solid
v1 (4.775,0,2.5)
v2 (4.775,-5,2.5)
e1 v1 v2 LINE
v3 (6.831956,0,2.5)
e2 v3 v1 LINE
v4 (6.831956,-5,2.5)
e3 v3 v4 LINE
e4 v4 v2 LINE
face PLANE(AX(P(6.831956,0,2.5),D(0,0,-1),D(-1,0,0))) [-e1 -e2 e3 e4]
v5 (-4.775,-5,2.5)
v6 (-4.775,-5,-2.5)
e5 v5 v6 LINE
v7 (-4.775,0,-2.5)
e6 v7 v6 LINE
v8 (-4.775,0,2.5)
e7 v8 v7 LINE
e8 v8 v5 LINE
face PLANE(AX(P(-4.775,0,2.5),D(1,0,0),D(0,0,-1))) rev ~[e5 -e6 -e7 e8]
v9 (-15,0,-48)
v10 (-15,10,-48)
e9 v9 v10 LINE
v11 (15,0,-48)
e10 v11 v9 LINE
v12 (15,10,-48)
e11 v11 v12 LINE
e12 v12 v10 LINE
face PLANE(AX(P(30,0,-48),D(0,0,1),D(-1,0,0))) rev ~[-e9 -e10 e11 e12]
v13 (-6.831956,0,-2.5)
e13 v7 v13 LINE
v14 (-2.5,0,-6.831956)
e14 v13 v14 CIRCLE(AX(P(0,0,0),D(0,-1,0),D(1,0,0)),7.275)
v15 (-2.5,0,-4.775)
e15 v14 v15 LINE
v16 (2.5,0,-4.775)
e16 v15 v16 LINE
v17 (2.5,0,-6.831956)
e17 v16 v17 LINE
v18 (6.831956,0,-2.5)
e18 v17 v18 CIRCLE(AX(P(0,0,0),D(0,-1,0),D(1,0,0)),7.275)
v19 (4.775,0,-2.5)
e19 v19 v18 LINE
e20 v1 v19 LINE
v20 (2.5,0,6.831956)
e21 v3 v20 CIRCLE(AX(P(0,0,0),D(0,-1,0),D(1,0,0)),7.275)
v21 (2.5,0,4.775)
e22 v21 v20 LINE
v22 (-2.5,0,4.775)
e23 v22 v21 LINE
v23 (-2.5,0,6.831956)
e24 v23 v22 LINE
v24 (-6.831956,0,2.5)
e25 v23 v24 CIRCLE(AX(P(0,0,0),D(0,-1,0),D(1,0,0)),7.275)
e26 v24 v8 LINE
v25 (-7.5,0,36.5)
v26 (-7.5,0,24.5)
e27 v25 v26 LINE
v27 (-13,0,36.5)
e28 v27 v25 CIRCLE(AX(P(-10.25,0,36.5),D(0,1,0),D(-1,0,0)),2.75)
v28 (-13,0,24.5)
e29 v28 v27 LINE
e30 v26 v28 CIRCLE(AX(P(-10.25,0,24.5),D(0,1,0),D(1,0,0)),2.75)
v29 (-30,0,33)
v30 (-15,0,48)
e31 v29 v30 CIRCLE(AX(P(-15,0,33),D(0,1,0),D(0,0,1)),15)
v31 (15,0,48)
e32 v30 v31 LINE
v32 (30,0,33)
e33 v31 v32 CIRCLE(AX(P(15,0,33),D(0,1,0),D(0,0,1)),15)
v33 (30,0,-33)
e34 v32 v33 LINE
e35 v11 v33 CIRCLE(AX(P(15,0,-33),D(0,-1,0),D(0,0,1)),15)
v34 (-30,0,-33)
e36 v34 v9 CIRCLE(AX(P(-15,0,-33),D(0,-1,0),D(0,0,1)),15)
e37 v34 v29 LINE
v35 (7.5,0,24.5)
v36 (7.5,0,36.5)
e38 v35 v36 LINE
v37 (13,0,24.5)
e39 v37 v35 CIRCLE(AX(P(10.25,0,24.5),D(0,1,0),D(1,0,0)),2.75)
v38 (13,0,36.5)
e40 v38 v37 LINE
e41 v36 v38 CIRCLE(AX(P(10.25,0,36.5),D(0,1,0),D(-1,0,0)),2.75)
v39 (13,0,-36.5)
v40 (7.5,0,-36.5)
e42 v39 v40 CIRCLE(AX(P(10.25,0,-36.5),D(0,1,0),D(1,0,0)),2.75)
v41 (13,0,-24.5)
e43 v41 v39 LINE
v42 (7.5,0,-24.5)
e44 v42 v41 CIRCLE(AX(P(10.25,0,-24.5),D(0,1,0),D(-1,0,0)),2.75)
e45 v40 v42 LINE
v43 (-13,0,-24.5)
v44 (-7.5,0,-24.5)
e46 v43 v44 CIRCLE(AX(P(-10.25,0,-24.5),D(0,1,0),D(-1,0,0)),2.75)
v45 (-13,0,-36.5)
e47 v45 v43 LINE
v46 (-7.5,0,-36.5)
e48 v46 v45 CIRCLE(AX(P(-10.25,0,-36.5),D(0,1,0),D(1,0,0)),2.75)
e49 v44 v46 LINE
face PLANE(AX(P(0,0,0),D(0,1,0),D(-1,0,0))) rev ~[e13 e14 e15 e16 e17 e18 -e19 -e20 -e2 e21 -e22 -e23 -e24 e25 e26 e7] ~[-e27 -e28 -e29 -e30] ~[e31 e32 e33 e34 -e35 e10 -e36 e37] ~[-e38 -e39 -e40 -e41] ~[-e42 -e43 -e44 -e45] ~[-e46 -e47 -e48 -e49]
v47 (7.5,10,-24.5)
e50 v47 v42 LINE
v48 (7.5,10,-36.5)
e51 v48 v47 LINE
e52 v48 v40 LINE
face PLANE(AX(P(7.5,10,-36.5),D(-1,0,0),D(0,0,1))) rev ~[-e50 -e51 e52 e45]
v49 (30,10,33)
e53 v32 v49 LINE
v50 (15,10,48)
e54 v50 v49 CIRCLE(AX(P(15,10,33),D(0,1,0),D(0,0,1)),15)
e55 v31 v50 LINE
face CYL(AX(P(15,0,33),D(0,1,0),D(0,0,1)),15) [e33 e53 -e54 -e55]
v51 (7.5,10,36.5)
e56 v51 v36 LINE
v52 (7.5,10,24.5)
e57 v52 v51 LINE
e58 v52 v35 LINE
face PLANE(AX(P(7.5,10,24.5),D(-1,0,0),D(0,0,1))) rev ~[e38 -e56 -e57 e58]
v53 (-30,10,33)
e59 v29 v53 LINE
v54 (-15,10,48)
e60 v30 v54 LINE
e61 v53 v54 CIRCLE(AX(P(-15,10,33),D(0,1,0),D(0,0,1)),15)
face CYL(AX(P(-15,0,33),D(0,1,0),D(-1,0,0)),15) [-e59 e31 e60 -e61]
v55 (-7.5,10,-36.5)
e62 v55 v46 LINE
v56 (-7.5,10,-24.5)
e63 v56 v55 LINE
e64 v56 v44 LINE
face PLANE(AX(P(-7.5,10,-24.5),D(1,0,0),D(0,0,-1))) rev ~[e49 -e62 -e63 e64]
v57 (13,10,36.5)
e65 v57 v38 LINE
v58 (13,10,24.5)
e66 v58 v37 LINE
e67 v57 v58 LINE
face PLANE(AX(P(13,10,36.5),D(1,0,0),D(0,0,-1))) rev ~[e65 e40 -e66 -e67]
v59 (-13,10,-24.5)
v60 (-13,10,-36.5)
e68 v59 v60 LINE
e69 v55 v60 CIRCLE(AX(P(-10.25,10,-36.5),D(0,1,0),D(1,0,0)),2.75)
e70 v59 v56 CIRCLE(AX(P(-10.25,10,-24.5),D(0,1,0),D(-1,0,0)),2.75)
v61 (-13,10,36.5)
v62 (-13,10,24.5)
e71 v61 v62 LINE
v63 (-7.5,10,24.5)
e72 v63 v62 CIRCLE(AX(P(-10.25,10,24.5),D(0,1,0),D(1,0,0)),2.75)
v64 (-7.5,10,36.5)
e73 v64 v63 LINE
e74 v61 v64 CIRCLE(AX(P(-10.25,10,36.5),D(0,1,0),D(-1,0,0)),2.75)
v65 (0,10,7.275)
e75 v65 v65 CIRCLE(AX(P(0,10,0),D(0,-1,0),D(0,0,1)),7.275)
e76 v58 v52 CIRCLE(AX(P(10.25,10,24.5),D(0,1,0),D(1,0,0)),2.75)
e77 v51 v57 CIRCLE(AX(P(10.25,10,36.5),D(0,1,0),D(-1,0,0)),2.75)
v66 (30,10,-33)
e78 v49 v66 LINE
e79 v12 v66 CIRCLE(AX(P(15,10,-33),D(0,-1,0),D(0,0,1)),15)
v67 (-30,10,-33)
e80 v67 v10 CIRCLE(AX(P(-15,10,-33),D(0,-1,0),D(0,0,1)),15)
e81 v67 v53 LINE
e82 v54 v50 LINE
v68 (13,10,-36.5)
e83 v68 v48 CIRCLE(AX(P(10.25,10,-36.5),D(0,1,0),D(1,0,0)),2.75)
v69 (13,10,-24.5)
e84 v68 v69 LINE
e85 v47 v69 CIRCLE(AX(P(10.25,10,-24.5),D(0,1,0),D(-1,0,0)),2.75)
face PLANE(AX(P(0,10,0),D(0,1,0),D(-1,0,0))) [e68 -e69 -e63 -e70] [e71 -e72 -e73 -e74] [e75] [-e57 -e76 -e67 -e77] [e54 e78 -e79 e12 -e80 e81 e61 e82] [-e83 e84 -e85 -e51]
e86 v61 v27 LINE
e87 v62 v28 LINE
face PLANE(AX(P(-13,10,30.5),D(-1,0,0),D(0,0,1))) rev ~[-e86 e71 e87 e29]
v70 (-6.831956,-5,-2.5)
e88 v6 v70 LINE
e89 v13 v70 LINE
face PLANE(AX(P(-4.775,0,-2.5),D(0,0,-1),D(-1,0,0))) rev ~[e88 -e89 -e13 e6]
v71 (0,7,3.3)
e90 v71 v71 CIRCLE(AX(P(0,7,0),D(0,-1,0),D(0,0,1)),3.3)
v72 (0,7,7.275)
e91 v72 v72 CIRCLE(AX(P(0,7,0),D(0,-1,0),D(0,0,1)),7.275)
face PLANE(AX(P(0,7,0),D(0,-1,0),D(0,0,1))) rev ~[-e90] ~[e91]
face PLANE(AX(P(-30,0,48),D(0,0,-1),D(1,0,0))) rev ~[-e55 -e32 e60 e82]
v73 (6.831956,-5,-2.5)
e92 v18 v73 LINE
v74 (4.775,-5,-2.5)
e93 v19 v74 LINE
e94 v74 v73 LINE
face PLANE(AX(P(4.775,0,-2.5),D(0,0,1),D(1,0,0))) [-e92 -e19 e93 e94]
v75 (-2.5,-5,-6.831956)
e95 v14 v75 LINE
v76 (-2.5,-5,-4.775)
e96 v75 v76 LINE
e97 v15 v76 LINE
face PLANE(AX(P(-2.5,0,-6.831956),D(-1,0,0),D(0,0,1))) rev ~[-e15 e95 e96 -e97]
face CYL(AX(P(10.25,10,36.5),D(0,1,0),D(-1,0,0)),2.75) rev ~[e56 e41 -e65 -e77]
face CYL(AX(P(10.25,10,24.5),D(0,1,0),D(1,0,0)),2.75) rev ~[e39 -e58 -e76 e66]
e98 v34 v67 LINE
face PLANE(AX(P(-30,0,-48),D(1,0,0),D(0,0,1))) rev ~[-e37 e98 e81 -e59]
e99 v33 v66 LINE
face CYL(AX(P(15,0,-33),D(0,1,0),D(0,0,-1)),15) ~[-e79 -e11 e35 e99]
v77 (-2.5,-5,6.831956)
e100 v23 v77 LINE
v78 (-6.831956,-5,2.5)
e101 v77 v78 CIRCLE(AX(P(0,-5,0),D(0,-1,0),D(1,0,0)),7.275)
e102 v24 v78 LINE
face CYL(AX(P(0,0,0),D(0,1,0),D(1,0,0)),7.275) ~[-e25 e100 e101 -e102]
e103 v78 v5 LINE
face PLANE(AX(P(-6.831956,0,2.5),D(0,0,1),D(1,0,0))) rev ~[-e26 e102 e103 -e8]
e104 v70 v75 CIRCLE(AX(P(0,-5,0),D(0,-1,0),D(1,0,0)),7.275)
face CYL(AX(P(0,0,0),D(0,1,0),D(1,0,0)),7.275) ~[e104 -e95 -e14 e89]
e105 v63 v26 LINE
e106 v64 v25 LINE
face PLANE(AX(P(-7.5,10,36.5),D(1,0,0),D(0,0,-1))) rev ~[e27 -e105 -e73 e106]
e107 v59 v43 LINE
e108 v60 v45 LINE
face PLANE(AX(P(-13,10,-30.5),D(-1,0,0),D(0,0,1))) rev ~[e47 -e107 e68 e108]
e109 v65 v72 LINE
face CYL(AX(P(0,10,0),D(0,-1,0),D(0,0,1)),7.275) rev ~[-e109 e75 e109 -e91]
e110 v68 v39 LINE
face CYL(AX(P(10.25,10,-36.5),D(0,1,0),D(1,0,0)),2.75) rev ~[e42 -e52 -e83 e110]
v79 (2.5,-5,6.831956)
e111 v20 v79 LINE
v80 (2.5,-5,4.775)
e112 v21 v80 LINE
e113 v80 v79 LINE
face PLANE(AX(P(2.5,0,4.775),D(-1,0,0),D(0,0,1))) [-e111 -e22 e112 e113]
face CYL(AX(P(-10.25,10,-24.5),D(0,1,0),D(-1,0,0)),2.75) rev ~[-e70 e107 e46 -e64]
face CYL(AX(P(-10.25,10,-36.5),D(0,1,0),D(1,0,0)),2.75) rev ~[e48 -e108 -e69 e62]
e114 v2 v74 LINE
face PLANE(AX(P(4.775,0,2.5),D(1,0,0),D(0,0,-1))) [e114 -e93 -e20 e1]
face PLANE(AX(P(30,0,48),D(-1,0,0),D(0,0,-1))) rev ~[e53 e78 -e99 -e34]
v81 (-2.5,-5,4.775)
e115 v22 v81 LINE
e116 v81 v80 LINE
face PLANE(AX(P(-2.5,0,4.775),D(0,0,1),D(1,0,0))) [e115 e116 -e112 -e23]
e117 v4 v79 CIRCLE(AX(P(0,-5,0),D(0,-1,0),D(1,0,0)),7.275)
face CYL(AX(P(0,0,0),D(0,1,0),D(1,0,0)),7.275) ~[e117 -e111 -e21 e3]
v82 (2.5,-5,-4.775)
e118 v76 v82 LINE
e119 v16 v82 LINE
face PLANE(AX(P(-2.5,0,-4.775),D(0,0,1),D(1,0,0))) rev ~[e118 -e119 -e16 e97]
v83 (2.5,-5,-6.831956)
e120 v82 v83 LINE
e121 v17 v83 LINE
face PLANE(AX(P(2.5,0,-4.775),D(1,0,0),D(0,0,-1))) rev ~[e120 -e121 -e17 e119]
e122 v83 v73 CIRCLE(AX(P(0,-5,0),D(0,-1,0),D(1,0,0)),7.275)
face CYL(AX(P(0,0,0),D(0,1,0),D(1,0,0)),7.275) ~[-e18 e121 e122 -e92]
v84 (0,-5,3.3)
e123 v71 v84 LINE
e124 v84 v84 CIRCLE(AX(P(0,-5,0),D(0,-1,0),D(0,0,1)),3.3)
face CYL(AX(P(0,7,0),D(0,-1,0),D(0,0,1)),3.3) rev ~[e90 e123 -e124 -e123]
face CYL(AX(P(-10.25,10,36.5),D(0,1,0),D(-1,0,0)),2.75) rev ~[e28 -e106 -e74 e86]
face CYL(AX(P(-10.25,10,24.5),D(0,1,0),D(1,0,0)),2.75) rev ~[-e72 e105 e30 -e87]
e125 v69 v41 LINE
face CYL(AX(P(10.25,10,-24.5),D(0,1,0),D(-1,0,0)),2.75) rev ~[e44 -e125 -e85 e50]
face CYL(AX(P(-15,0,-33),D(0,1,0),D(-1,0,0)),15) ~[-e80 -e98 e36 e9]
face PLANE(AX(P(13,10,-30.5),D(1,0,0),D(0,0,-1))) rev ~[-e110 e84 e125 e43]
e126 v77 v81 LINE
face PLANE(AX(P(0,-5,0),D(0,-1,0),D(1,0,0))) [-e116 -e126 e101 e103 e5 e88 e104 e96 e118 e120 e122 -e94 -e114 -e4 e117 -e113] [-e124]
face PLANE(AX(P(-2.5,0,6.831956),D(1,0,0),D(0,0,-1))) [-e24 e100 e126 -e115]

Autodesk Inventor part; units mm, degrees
ref_plane "YZ Plane" through (0, 0, 0) normal (1, 0, 0) x (0, 1, 0)
ref_plane "XZ Plane" through (0, 0, 0) normal (0, 1, 0) x (-1, 0, 0)
ref_plane "XY Plane" through (0, 0, 0) normal (0, 0, 1) x (1, 0, 0)
sketch "Sketch1" plane through (0, 0, 0) normal (0, 1, 0) x (-1, 0, 0)
  line L0 (30, 48) -> (-30, 48)
  line L1 (-30, 48) -> (-30, -48)
  line L2 (-30, -48) -> (30, -48)
  line L3 (30, -48) -> (30, 48)
  line L4 (30, 48) -> (-30, -48) construction
  line L5 (-30, 48) -> (30, -48) construction
  point P0 (0, 0)
  dimension "d0" = 60
  dimension "d1" = 96
extrude "Extrusion1" add sketch "Sketch1" along normal blind 10
sketch "Sketch2" plane through (0, 10, 0) normal (0, 1, 0) x (1, 0, 0)
  line L0 (13, -30.5) -> (13, 30.5) construction
  line L1 (13, 30.5) -> (-13, 30.5) construction
  line L2 (-13, 30.5) -> (-13, -30.5) construction
  line L3 (-13, -30.5) -> (13, -30.5) construction
  line L4 (13, -30.5) -> (-13, 30.5) construction
  line L5 (13, 30.5) -> (-13, -30.5) construction
  line L6 (-13, -30.5) -> (-10.25, -30.5)
  line L7 (-13, 30.5) -> (-10.25, 30.5)
  line L8 (13, -30.5) -> (10.25, -30.5) construction
  line L9 (13, 30.5) -> (10.25, 30.5)
  line L10 (10.25, -36.5) -> (10.25, -24.5) construction
  line L11 (13, -36.5) -> (13, -24.5)
  line L12 (7.5, -24.5) -> (7.5, -36.5)
  arc A0 (7.5, -36.5) -> (13, -36.5) centre (10.25, -36.5) ccw
  arc A1 (13, -24.5) -> (7.5, -24.5) centre (10.25, -24.5) ccw
  arc A2 (-13, -36.5) -> (-7.5, -36.5) centre (-10.25, -36.5) ccw
  line L13 (-13, -24.5) -> (-13, -36.5)
  line L14 (-7.5, -36.5) -> (-7.5, -24.5)
  arc A3 (-7.5, -24.5) -> (-13, -24.5) centre (-10.25, -24.5) ccw
  arc A4 (7.5, 24.5) -> (13, 24.5) centre (10.25, 24.5) ccw
  line L15 (7.5, 36.5) -> (7.5, 24.5)
  line L16 (13, 24.5) -> (13, 36.5)
  arc A5 (13, 36.5) -> (7.5, 36.5) centre (10.25, 36.5) ccw
  arc A6 (-13, 24.5) -> (-7.5, 24.5) centre (-10.25, 24.5) ccw
  line L17 (-13, 36.5) -> (-13, 24.5)
  line L18 (-7.5, 24.5) -> (-7.5, 36.5)
  arc A7 (-7.5, 36.5) -> (-13, 36.5) centre (-10.25, 36.5) ccw
  point P0 (0, 0)
  point P1 (0, 0)
  point P2 (0, 0)
  dimension "d17" = 61
  dimension "d16" = 26
  dimension "d13" = 2.75
  dimension "d15" = 2.75
  dimension "d12" = 2.75
  dimension "d14" = 2.75
  dimension "d11" = 6
  dimension "d10" = 5.5
  dimension "d8" = 6
  dimension "d9" = 5.5
  dimension "d6" = 6
  dimension "d7" = 5.5
  dimension "d4" = 6
  dimension "d5" = 5.5
extrude "Extrusion2" cut sketch "Sketch2" against normal through all
sketch "Sketch3" plane through (0, 0, 0) normal (0, -1, 0) x (1, 0, 0)
  circle A0 centre (0, 0) radius 7.275
  line L0 (7.275, 0) -> (-7.275, 0) construction
  line L1 (0, 7.275) -> (0, -7.275) construction
  line L2 (9.775, 2.5) -> (4.775, 2.5)
  line L3 (4.775, 2.5) -> (4.775, -2.5)
  line L4 (4.775, -2.5) -> (9.775, -2.5)
  line L5 (9.775, -2.5) -> (9.775, 2.5)
  line L6 (9.775, 2.5) -> (4.775, -2.5) construction
  line L7 (4.775, 2.5) -> (9.775, -2.5) construction
  line L8 (2.5, 9.775) -> (-2.5, 9.775)
  line L9 (-2.5, 9.775) -> (-2.5, 4.775)
  line L10 (-2.5, 4.775) -> (2.5, 4.775)
  line L11 (2.5, 4.775) -> (2.5, 9.775)
  line L12 (2.5, 9.775) -> (-2.5, 4.775) construction
  line L13 (-2.5, 9.775) -> (2.5, 4.775) construction
  line L14 (-9.775, 2.5) -> (-4.775, 2.5)
  line L15 (-4.775, 2.5) -> (-4.775, -2.5)
  line L16 (-4.775, -2.5) -> (-9.775, -2.5)
  line L17 (-9.775, -2.5) -> (-9.775, 2.5)
  line L18 (-9.775, 2.5) -> (-4.775, -2.5) construction
  line L19 (-4.775, 2.5) -> (-9.775, -2.5) construction
  line L20 (-2.5, -4.775) -> (2.5, -4.775)
  line L21 (2.5, -4.775) -> (2.5, -9.775)
  line L22 (2.5, -9.775) -> (-2.5, -9.775)
  line L23 (-2.5, -9.775) -> (-2.5, -4.775)
  line L24 (-2.5, -4.775) -> (2.5, -9.775) construction
  line L25 (2.5, -4.775) -> (-2.5, -9.775) construction
  point P0 (6.832, 2.5)
  point P1 (2.5, 6.832)
  point P2 (-2.5, 6.832)
  point P3 (-6.832, 2.5)
  point P4 (-6.832, -2.5)
  point P5 (-2.5, -6.832)
  point P6 (2.5, -6.832)
  point P7 (6.832, -2.5)
  dimension "d29" = 14.55
  dimension "d27" = 5
  dimension "d28" = 5
  dimension "d25" = 5
  dimension "d26" = 5
  dimension "d23" = 5
  dimension "d24" = 5
  dimension "d21" = 5
  dimension "d22" = 5
extrude "Extrusion3" add sketch "Sketch3" along normal blind 5 contours L2 L3 L4 A0 L21 L20 L23 L16 L15 L14 L9 L10 L11
sketch "Sketch4" plane through (0, 10, 0) normal (0, 1, 0) x (1, 0, 0)
  line L0 (13, -30.5) -> (13, 30.5) construction
  line L1 (13, 30.5) -> (-13, 30.5) construction
  line L2 (-13, 30.5) -> (-13, -30.5) construction
  line L3 (-13, -30.5) -> (13, -30.5) construction
  line L4 (13, -30.5) -> (-13, 30.5) construction
  line L5 (13, 30.5) -> (-13, -30.5) construction
  line L6 (-13, -30.5) -> (-10.25, -30.5)
  line L7 (-13, 30.5) -> (-10.25, 30.5)
  line L8 (13, -30.5) -> (10.25, -30.5) construction
  line L9 (13, 30.5) -> (10.25, 30.5)
  line L10 (10.25, -36.5) -> (10.25, -24.5) construction
  line L11 (13, -36.5) -> (13, -24.5)
  line L12 (7.5, -24.5) -> (7.5, -36.5)
  arc A0 (7.5, -36.5) -> (13, -36.5) centre (10.25, -36.5) ccw
  arc A1 (13, -24.5) -> (7.5, -24.5) centre (10.25, -24.5) ccw
  arc A2 (-13, -36.5) -> (-7.5, -36.5) centre (-10.25, -36.5) ccw
  line L13 (-13, -24.5) -> (-13, -36.5)
  line L14 (-7.5, -36.5) -> (-7.5, -24.5)
  arc A3 (-7.5, -24.5) -> (-13, -24.5) centre (-10.25, -24.5) ccw
  arc A4 (7.5, 24.5) -> (13, 24.5) centre (10.25, 24.5) ccw
  line L15 (7.5, 36.5) -> (7.5, 24.5)
  line L16 (13, 24.5) -> (13, 36.5)
  arc A5 (13, 36.5) -> (7.5, 36.5) centre (10.25, 36.5) ccw
  arc A6 (-13, 24.5) -> (-7.5, 24.5) centre (-10.25, 24.5) ccw
  line L17 (-13, 36.5) -> (-13, 24.5)
  line L18 (-7.5, 24.5) -> (-7.5, 36.5)
  arc A7 (-7.5, 36.5) -> (-13, 36.5) centre (-10.25, 36.5) ccw
  point P0 (0, 0)
  point P1 (0, 0)
  dimension "d47" = 61
  dimension "d46" = 26
  dimension "d45" = 2.75
  dimension "d44" = 2.75
  dimension "d43" = 2.75
  dimension "d42" = 2.75
  dimension "d41" = 6
  dimension "d40" = 5.5
  dimension "d38" = 6
  dimension "d39" = 5.5
  dimension "d36" = 6
  dimension "d37" = 5.5
  dimension "d34" = 6
  dimension "d35" = 5.5
hole "Hole1" at (0, 10, 0) direction (0, -1, 0) diameter 6.6 end through all counterbore diameter 14.55 counterbore depth 3
fillet "Fillet1" radius 15 4 edges at (30, 5, 48) (-30, 5, 48) (30, 5, -48) (-30, 5, -48)
properties part number "BaseRotationPlate" material "ABS Plastic"
